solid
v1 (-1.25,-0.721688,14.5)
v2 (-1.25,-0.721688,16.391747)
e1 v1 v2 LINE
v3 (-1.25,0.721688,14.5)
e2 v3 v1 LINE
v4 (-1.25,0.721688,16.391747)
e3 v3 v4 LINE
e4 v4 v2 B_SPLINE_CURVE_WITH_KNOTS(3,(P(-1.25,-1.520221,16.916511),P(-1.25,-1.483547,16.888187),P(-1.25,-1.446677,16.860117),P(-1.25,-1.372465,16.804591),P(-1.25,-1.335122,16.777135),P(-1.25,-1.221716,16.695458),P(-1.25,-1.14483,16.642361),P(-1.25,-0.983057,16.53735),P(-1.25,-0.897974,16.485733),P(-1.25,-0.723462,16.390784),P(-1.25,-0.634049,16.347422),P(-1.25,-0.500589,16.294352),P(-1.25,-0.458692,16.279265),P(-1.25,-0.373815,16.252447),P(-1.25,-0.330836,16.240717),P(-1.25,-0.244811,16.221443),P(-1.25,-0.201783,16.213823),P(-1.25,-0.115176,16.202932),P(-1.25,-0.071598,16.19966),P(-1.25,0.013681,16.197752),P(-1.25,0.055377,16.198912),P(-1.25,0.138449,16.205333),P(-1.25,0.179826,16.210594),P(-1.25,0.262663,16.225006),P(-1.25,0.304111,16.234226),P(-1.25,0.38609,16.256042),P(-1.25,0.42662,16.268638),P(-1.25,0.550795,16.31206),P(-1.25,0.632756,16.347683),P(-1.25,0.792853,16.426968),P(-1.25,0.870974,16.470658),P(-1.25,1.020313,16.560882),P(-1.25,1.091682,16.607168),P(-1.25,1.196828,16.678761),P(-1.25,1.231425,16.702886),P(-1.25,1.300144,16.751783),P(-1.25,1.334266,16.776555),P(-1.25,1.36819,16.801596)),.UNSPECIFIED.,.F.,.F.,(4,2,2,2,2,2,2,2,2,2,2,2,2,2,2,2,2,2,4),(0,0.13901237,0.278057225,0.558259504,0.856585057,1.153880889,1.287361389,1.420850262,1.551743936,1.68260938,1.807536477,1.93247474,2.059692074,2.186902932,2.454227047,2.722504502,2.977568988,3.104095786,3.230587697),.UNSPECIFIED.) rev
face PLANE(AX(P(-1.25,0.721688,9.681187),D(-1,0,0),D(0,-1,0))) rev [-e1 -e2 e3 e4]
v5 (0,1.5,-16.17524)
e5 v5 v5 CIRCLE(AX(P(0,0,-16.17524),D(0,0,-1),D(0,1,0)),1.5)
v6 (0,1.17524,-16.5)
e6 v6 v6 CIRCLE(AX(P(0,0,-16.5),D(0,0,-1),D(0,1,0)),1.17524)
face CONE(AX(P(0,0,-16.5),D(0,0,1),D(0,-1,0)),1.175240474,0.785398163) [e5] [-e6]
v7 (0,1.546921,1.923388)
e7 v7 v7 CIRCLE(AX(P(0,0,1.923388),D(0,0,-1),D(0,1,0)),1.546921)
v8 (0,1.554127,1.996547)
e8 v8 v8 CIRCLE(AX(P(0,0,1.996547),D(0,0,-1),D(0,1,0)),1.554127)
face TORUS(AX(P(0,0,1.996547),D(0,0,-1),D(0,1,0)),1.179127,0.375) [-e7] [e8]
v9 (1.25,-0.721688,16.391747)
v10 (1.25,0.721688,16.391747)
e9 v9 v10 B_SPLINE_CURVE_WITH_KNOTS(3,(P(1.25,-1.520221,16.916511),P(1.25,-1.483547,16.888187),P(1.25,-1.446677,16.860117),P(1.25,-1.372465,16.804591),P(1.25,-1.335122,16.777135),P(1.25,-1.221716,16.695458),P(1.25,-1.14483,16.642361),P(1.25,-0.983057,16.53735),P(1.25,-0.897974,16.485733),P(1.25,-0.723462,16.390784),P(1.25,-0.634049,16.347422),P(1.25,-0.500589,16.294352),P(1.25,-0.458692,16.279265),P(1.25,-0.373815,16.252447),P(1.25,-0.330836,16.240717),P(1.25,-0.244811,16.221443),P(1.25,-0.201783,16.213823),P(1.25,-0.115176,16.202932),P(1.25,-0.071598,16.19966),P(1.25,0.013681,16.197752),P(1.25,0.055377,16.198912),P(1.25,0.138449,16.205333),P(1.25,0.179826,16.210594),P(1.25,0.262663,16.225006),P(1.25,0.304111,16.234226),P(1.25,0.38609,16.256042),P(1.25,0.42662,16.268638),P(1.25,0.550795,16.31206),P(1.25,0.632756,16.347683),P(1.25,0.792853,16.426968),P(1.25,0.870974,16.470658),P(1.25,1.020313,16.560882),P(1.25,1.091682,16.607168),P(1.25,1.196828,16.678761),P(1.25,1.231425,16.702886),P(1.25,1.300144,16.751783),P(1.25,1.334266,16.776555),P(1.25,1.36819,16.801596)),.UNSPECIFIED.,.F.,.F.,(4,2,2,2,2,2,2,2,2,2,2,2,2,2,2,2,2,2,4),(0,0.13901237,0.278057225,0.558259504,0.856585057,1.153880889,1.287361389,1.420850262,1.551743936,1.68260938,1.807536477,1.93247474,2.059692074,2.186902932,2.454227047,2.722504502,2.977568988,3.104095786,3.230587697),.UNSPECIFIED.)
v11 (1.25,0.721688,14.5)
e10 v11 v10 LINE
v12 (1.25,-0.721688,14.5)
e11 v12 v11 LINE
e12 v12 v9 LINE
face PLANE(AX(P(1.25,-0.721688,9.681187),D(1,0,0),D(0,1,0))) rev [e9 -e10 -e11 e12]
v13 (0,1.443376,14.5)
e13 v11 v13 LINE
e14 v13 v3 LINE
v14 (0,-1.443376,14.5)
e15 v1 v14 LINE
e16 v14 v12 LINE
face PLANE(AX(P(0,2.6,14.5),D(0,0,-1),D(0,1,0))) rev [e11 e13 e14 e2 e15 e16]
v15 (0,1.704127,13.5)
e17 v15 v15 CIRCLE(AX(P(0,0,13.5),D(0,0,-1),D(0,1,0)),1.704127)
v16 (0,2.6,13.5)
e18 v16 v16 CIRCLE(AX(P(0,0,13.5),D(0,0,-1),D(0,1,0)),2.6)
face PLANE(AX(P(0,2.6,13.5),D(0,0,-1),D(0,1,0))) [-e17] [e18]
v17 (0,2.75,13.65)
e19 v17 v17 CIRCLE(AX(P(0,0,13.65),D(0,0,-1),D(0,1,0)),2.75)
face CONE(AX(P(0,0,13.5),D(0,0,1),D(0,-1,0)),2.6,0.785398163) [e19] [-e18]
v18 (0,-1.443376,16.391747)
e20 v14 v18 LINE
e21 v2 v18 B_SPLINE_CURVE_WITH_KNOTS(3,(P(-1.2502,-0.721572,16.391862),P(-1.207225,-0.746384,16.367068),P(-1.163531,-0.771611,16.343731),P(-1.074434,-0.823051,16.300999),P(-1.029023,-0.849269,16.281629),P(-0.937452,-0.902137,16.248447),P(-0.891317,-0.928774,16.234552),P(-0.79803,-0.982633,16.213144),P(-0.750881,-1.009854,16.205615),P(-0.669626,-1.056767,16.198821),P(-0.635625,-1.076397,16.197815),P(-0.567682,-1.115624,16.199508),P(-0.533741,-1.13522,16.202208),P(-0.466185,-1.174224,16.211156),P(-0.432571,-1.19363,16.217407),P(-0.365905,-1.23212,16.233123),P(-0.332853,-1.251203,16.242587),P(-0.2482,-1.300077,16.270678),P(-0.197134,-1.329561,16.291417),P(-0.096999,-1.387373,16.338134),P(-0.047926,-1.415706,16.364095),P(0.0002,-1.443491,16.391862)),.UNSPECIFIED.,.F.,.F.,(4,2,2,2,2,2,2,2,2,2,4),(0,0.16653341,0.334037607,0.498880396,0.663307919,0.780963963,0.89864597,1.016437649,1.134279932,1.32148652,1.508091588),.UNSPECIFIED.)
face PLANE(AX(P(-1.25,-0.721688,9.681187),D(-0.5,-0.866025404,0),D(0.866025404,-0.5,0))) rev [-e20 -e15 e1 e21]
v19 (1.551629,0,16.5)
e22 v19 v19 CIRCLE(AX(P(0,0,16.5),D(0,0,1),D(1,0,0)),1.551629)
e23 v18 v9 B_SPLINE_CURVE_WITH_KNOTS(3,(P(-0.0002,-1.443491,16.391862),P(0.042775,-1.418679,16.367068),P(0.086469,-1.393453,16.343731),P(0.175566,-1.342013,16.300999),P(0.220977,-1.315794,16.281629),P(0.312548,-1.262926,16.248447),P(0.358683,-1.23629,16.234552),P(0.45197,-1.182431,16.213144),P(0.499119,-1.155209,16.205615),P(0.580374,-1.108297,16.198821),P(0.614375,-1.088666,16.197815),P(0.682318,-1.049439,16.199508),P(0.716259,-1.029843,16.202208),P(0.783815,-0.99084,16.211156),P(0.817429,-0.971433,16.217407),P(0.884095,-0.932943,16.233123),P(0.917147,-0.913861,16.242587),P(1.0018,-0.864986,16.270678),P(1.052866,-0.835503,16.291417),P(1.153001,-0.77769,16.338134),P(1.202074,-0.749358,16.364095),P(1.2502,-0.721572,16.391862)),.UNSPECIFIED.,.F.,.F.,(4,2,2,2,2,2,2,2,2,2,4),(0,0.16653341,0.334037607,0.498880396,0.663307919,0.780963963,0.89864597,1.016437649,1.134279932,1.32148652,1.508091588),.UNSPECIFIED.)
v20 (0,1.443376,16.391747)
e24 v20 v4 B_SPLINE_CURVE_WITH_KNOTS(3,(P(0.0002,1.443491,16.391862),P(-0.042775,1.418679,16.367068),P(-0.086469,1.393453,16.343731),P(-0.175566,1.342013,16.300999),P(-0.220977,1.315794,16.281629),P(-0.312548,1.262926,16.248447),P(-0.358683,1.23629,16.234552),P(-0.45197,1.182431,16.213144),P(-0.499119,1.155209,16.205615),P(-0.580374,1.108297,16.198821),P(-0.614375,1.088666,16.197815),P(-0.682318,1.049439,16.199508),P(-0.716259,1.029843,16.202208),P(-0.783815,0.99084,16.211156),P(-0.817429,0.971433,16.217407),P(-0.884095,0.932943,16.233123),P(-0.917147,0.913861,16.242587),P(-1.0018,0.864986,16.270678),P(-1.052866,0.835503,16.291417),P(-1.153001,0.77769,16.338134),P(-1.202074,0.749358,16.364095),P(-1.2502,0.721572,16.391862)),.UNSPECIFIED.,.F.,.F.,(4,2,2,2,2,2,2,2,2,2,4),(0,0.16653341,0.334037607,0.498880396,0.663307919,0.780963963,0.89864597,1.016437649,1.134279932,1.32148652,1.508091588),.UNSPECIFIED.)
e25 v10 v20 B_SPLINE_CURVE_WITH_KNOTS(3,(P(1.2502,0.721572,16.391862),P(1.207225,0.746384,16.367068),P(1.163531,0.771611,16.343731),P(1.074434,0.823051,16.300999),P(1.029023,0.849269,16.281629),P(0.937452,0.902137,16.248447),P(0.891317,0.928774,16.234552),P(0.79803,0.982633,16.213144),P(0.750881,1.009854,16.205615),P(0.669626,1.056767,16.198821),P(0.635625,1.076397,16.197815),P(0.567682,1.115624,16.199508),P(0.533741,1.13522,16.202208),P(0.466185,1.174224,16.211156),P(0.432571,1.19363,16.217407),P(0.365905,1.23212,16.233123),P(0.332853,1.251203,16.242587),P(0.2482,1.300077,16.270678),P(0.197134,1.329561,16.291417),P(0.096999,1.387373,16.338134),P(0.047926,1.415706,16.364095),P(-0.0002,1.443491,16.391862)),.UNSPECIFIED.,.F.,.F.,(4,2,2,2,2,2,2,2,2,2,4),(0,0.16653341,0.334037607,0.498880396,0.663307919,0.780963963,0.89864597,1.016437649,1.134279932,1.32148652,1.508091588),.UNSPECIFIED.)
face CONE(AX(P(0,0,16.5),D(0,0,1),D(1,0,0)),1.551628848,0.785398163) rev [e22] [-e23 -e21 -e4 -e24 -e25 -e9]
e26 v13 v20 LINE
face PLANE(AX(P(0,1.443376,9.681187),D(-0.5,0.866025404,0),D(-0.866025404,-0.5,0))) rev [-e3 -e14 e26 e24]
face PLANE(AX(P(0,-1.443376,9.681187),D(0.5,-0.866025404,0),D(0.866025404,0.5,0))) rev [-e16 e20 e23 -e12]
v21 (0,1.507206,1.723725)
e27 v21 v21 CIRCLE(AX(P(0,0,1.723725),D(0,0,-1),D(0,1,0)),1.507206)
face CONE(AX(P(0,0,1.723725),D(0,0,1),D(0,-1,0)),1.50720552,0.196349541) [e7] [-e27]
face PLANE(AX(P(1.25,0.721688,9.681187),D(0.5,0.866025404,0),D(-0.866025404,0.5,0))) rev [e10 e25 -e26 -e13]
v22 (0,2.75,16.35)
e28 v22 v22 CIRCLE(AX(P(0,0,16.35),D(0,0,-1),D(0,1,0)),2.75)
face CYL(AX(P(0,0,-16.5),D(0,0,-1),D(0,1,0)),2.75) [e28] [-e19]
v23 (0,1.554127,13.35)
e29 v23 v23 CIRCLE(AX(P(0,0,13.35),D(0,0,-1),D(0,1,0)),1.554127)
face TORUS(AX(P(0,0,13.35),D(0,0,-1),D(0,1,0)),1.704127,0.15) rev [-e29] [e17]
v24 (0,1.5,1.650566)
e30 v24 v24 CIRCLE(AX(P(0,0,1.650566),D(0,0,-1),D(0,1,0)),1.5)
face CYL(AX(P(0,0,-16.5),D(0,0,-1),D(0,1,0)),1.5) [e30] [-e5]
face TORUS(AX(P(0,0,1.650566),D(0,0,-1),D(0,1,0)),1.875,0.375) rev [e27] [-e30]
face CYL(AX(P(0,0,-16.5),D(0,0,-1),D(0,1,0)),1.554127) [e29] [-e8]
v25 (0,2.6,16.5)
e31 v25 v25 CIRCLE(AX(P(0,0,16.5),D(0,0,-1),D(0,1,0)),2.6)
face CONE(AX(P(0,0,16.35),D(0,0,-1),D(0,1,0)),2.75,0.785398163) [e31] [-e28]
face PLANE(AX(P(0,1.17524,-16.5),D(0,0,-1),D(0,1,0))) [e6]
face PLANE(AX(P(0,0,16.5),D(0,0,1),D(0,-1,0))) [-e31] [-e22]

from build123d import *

# Parameters (mm, degrees)
CUT_EXTRUDE1_DEPTH = 2
SKETCH4_R          = 1.551628848
CUT_EXTRUDE2_DEPTH = 2
CUT_EXTRUDE2_DRAFT = -45


with BuildPart() as part:
    # Sketch2 → Revolve1 (revolve)
    with BuildSketch(Plane(origin=(0, 0, 0), x_dir=(0, 0, -1), z_dir=(1, 0, 0))):
        with BuildLine():
            Line((-16.5, 0), (-16.5, 2.6))
            Line((-16.5, 2.6), (-16.35, 2.75))
            Line((-16.35, 2.75), (-13.65, 2.75))
            Line((-13.65, 2.75), (-13.5, 2.6))
            Line((-13.5, 2.6), (-13.5, 1.704126588))
            ThreePointArc((-13.5, 1.704126588), (-13.456066017, 1.598060571), (-13.35, 1.554126588))
            Line((-13.35, 1.554126588), (-1.996547008, 1.554126588))
            ThreePointArc((-1.996547008, 1.554126588), (-1.959790581, 1.55232086), (-1.923388138, 1.546921068))
            Line((-1.923388138, 1.546921068), (-1.723724594, 1.50720552))
            ThreePointArc((-1.723724594, 1.50720552), (-1.687322151, 1.501805727), (-1.650565724, 1.5))
            Line((-1.650565724, 1.5), (16.175240474, 1.5))
            Line((16.175240474, 1.5), (16.5, 1.175240474))
            Line((16.5, 1.175240474), (16.5, 0))
            Line((16.5, 0), (-16.5, 0))
        make_face()
    revolve(axis=Axis((0, 0, -16.5), (0, 0, 1)))

    # Sketch3 → Cut-Extrude1 (cut)
    with BuildSketch(Plane.XY.offset(16.5)):
        Polygon((1.25, -0.721687836), (1.25, 0.721687836), (0, 1.443375673), (-1.25, 0.721687836), (-1.25, -0.721687836), (0, -1.443375673), align=None)
    extrude(amount=-CUT_EXTRUDE1_DEPTH, mode=Mode.SUBTRACT)


with BuildPart() as cut_extrude2_tool:
    # Sketch4 → Cut-Extrude2 (with draft: the straight prism first)
    with BuildSketch(Plane.XY.offset(16.5)):
        Circle(SKETCH4_R)
    extrude(amount=-CUT_EXTRUDE2_DEPTH)
    # Cut-Extrude2: the draft: its side faces are tilted about the plane it starts from
    cut_extrude2_sides = [cut_extrude2_tool.faces().sort_by_distance(p)[0] for p in [
        (-1.551628848, 0, 15.5),
    ]]
    draft(cut_extrude2_sides, Plane.XY.offset(16.5), CUT_EXTRUDE2_DRAFT)


with BuildPart() as part_1:
    add(part.part)

    # Cut-Extrude2: cut by cut_extrude2_tool
    add(cut_extrude2_tool.part, mode=Mode.SUBTRACT)


solid = part_1.part
